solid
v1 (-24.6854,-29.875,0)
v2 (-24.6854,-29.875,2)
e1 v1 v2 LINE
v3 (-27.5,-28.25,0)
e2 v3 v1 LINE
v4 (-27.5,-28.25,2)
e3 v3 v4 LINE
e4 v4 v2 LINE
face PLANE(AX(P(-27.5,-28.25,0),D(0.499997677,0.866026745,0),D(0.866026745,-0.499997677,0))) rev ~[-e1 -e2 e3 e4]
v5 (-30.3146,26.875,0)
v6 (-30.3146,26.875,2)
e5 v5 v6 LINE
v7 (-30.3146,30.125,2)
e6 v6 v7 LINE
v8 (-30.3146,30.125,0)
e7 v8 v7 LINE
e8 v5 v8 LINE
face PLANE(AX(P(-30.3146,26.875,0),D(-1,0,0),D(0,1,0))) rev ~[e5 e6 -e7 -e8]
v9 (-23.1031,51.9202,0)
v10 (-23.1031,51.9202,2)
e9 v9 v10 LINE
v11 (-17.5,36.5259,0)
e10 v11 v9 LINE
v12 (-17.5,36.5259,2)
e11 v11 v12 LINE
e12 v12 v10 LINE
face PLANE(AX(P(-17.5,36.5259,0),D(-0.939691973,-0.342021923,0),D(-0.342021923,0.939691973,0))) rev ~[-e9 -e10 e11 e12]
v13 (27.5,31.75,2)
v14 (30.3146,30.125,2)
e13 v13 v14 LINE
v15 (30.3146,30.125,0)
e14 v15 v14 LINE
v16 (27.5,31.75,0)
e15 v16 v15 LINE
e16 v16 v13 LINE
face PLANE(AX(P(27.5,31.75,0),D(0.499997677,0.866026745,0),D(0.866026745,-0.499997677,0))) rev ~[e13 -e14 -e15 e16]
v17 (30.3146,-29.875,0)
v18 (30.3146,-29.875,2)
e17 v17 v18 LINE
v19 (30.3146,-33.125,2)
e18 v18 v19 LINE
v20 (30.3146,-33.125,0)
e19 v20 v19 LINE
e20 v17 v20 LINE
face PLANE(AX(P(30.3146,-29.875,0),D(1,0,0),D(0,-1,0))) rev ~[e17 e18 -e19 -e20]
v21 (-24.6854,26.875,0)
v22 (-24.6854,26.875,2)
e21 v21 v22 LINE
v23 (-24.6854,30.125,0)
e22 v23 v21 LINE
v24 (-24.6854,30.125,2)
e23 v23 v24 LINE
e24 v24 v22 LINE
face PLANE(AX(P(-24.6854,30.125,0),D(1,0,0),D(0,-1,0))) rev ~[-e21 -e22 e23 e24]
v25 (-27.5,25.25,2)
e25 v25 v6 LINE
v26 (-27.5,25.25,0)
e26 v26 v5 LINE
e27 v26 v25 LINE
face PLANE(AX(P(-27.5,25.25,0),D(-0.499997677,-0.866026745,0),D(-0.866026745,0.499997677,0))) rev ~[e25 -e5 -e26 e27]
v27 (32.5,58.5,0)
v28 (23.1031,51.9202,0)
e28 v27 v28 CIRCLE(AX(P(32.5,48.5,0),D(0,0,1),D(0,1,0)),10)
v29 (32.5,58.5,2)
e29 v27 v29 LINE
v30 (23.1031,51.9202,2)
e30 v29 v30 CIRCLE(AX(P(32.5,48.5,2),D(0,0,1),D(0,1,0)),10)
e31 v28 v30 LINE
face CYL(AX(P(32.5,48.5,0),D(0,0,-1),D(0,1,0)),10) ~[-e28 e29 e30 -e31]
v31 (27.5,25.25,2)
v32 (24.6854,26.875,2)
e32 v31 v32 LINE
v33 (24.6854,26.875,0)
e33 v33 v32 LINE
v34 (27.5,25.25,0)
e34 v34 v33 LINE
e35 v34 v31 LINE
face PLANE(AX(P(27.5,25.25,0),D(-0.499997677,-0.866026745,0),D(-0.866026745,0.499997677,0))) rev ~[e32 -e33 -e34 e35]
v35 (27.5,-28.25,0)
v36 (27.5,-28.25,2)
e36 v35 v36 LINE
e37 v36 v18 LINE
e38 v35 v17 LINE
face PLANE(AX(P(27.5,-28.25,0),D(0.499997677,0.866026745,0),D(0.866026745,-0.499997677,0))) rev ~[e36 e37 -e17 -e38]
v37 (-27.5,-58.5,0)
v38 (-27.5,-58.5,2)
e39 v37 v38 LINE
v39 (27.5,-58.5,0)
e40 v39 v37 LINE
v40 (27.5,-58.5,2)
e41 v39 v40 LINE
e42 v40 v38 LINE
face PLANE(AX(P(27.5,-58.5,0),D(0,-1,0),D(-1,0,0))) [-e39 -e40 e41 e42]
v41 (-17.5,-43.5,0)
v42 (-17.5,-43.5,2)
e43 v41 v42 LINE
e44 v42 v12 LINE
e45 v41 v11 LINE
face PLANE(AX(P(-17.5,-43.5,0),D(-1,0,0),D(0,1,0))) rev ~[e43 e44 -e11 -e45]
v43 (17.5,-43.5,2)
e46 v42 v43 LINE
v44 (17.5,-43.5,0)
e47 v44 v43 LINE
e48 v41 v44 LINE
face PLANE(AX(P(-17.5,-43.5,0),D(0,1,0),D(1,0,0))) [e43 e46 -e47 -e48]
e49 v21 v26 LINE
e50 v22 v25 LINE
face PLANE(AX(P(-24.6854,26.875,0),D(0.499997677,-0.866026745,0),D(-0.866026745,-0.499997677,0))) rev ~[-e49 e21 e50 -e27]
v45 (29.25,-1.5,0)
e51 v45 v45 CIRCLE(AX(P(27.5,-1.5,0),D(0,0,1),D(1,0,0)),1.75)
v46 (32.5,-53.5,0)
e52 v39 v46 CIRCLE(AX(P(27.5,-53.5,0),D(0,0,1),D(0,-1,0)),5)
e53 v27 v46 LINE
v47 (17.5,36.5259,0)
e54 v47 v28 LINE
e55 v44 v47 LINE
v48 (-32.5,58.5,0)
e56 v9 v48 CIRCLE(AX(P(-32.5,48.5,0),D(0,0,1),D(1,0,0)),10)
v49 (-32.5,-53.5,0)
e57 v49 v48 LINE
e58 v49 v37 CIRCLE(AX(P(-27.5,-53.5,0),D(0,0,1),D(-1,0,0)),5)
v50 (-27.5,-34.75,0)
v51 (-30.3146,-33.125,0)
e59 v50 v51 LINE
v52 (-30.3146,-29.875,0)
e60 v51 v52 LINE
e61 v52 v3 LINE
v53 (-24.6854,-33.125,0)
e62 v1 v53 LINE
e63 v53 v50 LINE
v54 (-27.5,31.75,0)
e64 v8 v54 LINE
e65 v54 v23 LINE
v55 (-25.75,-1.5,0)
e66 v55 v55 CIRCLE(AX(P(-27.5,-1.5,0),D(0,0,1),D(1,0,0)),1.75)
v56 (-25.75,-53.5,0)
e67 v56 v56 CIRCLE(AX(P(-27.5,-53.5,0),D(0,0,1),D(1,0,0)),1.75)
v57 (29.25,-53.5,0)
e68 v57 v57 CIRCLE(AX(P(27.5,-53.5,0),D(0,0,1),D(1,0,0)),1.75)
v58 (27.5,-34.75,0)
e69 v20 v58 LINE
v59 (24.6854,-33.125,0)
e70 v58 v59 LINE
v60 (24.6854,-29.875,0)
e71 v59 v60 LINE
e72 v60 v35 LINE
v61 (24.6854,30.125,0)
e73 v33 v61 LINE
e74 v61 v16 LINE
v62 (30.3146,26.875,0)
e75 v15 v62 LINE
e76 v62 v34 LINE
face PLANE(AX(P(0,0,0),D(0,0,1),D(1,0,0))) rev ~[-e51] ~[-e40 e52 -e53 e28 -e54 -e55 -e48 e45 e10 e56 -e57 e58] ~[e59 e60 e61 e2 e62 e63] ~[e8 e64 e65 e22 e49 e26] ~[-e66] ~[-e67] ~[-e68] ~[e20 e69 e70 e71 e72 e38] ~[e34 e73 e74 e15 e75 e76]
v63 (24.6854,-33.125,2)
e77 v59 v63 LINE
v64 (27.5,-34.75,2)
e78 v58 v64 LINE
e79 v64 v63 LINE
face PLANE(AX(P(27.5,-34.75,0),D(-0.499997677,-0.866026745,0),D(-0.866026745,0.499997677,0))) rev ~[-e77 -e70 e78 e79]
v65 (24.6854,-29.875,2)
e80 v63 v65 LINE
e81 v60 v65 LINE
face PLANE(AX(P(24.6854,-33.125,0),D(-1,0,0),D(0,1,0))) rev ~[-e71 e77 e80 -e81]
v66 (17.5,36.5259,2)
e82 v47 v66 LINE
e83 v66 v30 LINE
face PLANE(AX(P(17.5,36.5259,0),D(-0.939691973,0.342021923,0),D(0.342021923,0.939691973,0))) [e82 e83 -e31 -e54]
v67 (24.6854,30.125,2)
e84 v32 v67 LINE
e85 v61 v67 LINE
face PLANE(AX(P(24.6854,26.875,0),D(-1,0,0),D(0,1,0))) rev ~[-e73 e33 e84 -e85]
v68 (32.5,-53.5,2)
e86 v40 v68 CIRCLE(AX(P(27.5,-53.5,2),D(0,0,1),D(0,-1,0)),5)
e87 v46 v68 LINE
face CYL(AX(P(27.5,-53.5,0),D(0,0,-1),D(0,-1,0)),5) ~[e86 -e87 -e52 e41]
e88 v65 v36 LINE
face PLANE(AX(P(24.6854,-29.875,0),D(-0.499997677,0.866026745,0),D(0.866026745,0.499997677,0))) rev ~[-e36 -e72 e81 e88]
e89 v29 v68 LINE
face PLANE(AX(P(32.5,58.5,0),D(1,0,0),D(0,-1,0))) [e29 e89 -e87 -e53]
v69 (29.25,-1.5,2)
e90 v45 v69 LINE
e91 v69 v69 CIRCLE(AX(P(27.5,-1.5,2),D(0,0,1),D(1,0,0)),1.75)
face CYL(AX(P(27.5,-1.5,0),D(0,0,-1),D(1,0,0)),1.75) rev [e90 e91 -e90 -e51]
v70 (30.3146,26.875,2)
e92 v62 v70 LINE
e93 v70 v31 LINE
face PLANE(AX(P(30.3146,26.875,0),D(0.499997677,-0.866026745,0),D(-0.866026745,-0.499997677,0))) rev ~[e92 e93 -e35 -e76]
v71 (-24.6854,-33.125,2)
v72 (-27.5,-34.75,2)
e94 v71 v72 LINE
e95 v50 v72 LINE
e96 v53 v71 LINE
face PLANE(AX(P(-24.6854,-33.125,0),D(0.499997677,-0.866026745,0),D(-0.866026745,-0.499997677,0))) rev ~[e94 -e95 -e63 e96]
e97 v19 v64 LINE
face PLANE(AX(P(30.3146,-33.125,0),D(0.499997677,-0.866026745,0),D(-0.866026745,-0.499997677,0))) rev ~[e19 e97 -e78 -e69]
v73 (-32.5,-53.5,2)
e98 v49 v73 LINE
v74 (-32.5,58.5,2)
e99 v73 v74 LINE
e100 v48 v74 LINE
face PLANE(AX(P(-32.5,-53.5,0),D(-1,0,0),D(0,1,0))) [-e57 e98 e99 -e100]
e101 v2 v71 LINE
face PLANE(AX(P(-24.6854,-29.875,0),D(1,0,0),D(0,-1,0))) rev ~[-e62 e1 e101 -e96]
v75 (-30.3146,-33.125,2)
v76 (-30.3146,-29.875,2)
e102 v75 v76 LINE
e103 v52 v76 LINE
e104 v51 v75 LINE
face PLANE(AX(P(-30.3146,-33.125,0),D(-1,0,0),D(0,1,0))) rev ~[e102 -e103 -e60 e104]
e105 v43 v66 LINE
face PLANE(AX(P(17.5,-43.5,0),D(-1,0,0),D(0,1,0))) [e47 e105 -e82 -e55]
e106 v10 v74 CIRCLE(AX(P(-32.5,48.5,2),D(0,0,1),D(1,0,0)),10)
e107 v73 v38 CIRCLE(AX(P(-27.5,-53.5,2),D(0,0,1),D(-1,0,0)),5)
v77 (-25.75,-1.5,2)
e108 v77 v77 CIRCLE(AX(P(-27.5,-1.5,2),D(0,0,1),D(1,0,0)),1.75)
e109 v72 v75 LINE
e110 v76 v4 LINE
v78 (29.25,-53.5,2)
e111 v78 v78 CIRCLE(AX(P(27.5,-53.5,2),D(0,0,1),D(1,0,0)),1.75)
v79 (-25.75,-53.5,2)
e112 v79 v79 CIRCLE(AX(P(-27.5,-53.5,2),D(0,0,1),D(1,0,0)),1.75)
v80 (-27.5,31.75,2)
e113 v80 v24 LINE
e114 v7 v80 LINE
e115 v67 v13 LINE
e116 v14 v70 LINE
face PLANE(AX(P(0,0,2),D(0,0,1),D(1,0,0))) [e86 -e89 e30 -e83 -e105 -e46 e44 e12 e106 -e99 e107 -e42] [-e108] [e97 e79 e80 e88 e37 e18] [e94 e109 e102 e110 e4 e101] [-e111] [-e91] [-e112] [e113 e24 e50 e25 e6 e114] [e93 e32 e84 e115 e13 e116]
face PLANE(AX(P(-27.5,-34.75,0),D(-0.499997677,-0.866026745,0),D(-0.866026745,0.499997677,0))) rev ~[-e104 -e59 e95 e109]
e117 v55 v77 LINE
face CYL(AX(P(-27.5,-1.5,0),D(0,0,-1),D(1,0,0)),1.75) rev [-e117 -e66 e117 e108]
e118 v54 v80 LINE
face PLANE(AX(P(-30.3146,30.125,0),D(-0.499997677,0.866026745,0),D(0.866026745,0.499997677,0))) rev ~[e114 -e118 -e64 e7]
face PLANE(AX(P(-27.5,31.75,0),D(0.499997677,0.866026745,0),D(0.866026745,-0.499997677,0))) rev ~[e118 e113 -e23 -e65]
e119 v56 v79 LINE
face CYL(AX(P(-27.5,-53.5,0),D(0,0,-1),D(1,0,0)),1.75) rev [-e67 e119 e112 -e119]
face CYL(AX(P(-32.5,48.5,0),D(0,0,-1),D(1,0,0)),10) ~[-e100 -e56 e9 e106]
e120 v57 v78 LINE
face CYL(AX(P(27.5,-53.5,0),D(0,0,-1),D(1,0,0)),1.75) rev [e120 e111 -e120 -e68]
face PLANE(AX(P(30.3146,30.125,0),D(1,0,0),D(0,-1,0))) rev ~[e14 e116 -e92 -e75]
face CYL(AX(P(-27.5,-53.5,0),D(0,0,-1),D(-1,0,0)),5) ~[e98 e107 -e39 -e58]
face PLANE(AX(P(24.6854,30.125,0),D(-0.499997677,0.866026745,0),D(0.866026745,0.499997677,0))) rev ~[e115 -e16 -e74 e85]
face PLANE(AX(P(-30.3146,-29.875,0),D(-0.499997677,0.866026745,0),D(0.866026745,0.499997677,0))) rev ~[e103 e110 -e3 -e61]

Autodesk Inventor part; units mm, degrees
ref_plane "YZ Plane" through (0, 0, 0) normal (1, 0, 0) x (0, 1, 0)
ref_plane "XZ Plane" through (0, 0, 0) normal (0, 1, 0) x (-1, 0, 0)
ref_plane "Work Plane1" through (0, 0, 0) normal (0, 0, 1) x (1, 0, 0)
sketch "Sketch1" plane through (0, 0, 0) normal (0, 0, 1) x (1, 0, 0)
  line L0 (30.3146, 30.125) -> (30.3146, 26.875) projected
  line L1 (30.3146, 26.875) -> (27.5, 25.25) projected
  line L2 (27.5, 25.25) -> (24.6854, 26.875) projected
  line L3 (24.6854, 26.875) -> (24.6854, 30.125) projected
  line L4 (24.6854, 30.125) -> (27.5, 31.75) projected
  line L5 (27.5, 31.75) -> (30.3146, 30.125) projected
  line L6 (30.3146, -33.125) -> (27.5, -34.75) projected
  line L7 (27.5, -34.75) -> (24.6854, -33.125) projected
  line L8 (24.6854, -33.125) -> (24.6854, -29.875) projected
  line L9 (24.6854, -29.875) -> (27.5, -28.25) projected
  line L10 (27.5, -28.25) -> (30.3146, -29.875) projected
  line L11 (30.3146, -29.875) -> (30.3146, -33.125) projected
  line L12 (-24.6854, 26.875) -> (-27.5, 25.25) projected
  line L13 (-27.5, 25.25) -> (-30.3146, 26.875) projected
  line L14 (-30.3146, 26.875) -> (-30.3146, 30.125) projected
  line L15 (-30.3146, 30.125) -> (-27.5, 31.75) projected
  line L16 (-27.5, 31.75) -> (-24.6854, 30.125) projected
  line L17 (-24.6854, 30.125) -> (-24.6854, 26.875) projected
  line L18 (-24.6854, -33.125) -> (-27.5, -34.75) projected
  line L19 (-27.5, -34.75) -> (-30.3146, -33.125) projected
  line L20 (-30.3146, -33.125) -> (-30.3146, -29.875) projected
  line L21 (-30.3146, -29.875) -> (-27.5, -28.25) projected
  line L22 (-27.5, -28.25) -> (-24.6854, -29.875) projected
  line L23 (-24.6854, -29.875) -> (-24.6854, -33.125) projected
  line L24 (-32.5, -53.5) -> (-32.5, 58.5) projected
  arc A0 (-32.5, -53.5) -> (-27.5, -58.5) centre (-27.5, -53.5) ccw projected
  line L25 (27.5, -58.5) -> (-27.5, -58.5) projected
  arc A1 (27.5, -58.5) -> (32.5, -53.5) centre (27.5, -53.5) ccw projected
  line L26 (32.5, 58.5) -> (32.5, -53.5) projected
  arc A2 (32.5, 58.5) -> (22.5, 48.5) centre (32.5, 48.5) ccw projected
  line L27 (22.5, -48.5) -> (22.5, 48.5) projected
  line L28 (-22.5, -48.5) -> (22.5, -48.5) projected
  line L29 (-22.5, 48.5) -> (-22.5, -48.5) projected
  arc A3 (-22.5, 48.5) -> (-32.5, 58.5) centre (-32.5, 48.5) ccw projected
  circle A4 centre (27.5, -1.5) radius 1.75 projected
  circle A5 centre (-27.5, -1.5) radius 1.75 projected
  circle A6 centre (-27.5, -53.5) radius 1.75 projected
  circle A7 centre (27.5, -53.5) radius 1.75 projected
  line L30 (-17.5, -43.5) -> (17.5, -43.5)
  line L31 (17.5, -43.5) -> (17.5, 36.5259)
  line L32 (17.5, 36.5259) -> (23.1031, 51.9202)
  line L33 (-17.5, -43.5) -> (-17.5, 36.5259)
  line L34 (-17.5, 36.5259) -> (-23.1031, 51.9202)
  point P0 (0, 0)
  dimension "d0" = 5
  dimension "d1" = 5
  dimension "d2" = 5
  dimension "d3" = 20
extrude "Extrusion1" add sketch "Sketch1" along normal blind 2
properties part number "battery holder flap"
